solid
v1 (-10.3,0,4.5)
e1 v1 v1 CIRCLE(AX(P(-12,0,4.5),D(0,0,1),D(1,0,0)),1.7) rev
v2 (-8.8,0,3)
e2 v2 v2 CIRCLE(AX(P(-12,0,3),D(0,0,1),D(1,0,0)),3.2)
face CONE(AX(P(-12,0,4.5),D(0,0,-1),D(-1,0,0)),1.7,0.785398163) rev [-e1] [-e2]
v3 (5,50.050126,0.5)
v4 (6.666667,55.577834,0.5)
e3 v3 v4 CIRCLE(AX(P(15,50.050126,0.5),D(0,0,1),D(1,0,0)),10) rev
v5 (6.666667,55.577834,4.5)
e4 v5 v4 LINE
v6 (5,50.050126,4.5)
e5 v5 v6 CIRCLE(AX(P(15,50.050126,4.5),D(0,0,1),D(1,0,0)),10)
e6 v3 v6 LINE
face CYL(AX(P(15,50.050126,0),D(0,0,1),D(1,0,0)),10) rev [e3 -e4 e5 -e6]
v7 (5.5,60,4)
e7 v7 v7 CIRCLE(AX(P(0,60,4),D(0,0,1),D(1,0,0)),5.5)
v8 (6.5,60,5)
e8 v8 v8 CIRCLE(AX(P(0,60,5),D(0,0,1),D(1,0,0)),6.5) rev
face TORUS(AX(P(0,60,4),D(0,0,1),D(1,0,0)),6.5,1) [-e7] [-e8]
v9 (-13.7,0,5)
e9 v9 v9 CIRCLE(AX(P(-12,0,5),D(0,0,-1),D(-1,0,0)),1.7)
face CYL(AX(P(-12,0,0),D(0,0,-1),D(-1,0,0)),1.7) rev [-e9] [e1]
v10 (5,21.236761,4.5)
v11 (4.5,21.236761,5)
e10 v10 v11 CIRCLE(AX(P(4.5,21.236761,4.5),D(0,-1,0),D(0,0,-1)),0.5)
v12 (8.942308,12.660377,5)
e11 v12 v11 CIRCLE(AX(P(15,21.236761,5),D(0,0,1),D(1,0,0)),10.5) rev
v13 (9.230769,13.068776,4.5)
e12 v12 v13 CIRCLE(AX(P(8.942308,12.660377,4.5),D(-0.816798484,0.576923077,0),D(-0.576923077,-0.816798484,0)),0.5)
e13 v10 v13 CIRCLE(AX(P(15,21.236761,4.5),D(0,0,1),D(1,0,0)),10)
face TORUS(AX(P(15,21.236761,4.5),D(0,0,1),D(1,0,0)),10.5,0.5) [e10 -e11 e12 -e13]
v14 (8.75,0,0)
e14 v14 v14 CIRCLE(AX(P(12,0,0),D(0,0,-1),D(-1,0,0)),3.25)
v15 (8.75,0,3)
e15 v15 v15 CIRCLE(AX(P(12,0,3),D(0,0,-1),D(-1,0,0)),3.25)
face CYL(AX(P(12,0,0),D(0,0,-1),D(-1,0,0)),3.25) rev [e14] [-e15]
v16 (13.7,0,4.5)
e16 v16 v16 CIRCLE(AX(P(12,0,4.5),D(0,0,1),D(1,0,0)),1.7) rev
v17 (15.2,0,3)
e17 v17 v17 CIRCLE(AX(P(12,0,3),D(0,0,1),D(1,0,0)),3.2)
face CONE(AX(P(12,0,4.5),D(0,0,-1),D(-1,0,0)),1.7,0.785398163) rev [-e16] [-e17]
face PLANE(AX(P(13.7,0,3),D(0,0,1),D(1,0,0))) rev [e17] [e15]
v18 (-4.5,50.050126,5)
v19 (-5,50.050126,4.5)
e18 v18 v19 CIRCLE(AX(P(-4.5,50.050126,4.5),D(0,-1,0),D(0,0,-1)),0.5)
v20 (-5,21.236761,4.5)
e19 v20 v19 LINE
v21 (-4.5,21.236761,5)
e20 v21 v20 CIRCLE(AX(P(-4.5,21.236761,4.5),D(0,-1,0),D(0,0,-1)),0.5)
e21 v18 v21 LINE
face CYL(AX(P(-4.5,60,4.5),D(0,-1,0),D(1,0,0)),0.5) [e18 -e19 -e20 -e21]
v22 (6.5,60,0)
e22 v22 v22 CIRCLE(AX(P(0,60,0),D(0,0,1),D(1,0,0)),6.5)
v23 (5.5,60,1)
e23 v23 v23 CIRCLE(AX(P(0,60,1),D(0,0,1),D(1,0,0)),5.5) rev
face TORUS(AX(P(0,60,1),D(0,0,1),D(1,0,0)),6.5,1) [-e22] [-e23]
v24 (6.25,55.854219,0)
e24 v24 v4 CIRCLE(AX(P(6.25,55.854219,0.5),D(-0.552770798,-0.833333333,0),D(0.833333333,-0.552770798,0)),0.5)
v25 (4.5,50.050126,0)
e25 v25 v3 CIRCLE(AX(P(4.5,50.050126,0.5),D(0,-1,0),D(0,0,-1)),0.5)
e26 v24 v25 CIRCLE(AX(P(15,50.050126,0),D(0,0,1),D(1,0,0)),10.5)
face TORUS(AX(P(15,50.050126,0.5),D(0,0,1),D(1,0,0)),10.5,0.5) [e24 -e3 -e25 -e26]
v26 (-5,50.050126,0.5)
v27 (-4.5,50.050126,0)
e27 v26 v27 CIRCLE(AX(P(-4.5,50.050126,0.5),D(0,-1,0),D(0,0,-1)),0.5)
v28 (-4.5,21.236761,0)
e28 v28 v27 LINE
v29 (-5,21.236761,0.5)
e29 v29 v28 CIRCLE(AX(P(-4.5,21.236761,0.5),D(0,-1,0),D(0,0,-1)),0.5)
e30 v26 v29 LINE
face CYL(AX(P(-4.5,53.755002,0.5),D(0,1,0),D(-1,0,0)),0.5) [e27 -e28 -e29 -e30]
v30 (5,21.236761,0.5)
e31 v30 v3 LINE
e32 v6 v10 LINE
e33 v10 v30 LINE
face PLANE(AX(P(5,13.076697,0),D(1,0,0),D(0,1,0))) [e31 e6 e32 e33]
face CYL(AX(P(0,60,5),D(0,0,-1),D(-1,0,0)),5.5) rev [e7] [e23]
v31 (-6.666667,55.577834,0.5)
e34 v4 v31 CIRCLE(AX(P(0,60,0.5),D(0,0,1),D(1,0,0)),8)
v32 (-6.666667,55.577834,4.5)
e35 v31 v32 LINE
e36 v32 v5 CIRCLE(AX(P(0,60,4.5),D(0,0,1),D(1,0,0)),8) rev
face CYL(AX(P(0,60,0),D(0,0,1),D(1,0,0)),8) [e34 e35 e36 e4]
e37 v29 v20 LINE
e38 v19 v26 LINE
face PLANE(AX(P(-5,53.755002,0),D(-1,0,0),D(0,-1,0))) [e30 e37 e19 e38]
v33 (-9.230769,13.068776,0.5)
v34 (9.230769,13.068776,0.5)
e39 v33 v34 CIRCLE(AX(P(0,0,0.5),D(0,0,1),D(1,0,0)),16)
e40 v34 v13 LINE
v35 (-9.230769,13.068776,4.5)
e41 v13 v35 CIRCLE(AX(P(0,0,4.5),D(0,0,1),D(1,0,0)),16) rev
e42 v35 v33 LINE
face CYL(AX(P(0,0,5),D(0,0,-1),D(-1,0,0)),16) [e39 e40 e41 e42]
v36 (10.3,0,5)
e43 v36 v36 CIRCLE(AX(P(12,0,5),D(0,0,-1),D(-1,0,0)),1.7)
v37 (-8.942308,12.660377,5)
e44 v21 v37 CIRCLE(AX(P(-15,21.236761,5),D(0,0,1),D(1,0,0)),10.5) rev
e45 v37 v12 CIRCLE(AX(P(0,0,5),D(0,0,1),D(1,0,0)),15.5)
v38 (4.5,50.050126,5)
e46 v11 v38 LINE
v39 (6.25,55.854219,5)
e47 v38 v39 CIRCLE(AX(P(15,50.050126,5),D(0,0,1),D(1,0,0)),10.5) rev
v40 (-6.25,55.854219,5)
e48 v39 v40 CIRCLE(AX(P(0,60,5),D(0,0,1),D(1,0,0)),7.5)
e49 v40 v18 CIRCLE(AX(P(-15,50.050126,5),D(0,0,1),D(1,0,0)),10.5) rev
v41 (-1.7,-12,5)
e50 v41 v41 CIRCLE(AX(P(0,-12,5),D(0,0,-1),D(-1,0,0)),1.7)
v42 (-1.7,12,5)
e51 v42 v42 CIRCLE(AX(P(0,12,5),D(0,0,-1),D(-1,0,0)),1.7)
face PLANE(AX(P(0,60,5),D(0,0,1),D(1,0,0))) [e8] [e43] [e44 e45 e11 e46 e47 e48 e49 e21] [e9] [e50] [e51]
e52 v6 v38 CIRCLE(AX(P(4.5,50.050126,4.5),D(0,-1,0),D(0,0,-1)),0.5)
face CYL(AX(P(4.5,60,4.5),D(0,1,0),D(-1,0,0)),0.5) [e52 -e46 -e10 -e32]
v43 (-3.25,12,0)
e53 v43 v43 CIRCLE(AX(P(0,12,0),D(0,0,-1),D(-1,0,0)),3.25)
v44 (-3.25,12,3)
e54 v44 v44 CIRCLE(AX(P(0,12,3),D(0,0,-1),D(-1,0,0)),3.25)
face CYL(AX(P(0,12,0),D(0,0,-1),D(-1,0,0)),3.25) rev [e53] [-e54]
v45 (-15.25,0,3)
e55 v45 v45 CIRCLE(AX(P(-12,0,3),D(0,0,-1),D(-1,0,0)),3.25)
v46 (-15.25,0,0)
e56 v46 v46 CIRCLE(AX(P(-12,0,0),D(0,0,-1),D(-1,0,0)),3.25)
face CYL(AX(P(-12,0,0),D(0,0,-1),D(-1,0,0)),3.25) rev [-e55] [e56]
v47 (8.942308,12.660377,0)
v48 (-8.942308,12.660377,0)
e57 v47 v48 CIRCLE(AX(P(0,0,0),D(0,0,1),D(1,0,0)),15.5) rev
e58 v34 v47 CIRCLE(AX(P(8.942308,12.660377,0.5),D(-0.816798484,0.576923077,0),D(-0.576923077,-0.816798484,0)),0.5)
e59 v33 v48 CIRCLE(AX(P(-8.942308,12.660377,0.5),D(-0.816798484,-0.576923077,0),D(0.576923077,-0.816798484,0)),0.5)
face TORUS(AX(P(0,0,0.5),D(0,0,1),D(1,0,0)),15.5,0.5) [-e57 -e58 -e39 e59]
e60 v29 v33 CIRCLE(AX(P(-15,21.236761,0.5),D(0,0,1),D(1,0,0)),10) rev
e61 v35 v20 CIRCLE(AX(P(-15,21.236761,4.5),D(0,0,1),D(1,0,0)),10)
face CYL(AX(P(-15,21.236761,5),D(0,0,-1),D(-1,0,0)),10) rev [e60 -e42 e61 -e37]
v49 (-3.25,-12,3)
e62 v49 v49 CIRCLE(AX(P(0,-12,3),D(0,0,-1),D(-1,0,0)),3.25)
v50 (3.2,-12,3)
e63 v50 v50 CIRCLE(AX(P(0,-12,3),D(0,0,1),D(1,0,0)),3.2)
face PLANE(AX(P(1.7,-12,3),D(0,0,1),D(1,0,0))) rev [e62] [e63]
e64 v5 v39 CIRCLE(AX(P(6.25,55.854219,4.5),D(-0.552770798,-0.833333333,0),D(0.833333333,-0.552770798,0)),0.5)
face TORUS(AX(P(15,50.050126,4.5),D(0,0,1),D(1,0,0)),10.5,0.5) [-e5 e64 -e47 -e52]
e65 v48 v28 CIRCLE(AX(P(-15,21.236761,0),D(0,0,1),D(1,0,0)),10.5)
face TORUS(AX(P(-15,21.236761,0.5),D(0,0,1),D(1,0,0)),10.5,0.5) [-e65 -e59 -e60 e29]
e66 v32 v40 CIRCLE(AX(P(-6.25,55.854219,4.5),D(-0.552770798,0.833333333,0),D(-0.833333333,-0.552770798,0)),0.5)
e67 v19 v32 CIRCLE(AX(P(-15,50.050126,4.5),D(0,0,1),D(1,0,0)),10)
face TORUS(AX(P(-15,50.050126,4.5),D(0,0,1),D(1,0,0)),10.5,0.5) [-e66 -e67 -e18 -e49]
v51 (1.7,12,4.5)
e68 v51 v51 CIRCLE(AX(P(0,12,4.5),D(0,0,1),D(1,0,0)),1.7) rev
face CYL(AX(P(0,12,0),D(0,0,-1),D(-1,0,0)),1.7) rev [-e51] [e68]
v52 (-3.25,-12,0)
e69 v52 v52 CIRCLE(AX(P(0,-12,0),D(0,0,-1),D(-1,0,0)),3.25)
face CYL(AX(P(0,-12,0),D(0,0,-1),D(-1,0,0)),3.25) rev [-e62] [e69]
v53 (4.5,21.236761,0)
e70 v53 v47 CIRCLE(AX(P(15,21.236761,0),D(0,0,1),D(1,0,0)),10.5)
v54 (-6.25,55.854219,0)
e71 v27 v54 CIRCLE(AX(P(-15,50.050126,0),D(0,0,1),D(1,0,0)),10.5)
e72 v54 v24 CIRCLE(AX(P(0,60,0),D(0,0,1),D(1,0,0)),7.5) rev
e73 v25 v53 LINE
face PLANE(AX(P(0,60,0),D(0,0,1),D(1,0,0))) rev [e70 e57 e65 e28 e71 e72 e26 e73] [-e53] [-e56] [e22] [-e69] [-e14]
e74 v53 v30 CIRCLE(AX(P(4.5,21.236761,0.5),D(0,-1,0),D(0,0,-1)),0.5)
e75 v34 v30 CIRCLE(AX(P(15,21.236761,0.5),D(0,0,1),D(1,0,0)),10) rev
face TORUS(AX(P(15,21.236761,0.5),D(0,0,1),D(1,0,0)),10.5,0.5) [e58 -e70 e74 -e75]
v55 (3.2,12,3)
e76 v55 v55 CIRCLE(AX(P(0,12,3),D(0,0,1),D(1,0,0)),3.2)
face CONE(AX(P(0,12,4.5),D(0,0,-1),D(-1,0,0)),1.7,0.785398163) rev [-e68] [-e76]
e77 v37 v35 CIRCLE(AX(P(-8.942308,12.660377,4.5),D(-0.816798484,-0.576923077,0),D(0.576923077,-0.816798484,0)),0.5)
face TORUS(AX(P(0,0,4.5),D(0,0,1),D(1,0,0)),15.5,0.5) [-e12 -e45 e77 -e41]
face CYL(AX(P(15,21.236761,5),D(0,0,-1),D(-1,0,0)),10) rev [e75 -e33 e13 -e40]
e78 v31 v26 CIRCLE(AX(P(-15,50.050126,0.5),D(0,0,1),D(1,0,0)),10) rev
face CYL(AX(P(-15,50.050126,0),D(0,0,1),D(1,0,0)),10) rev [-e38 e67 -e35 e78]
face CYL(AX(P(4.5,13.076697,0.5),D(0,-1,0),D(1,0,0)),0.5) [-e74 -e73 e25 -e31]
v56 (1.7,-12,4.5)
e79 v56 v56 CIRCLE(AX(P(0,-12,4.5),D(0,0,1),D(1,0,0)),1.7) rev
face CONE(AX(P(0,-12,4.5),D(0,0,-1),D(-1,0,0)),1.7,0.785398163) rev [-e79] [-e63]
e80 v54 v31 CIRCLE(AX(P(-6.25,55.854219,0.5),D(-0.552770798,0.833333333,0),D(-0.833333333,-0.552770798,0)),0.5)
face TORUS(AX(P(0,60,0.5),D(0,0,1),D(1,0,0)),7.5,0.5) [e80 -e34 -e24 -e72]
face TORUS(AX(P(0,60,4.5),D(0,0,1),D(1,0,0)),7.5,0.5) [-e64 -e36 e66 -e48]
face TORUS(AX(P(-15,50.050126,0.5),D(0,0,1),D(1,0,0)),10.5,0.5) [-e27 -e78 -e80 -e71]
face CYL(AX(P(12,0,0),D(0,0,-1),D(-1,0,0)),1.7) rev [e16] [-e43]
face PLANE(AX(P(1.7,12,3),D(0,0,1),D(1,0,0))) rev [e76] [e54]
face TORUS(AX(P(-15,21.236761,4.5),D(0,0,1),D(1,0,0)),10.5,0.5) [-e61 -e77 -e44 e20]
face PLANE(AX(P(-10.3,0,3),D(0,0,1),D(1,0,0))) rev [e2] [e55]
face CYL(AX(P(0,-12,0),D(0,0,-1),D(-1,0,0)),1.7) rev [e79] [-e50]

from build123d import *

# Parameters (mm, degrees)
BOSS_EXTRUDE1_DEPTH                              = 5
SKETCH8_R                                        = 16
BOSS_EXTRUDE2_DEPTH                              = 5
CBORE_FOR_M3_HEX_HEAD_MACHINE_SCREW0_D           = 3.4
CBORE_FOR_M3_HEX_HEAD_MACHINE_SCREW0_CBORE_D     = 6.5
CBORE_FOR_M3_HEX_HEAD_MACHINE_SCREW0_CBORE_DEPTH = 3
FILLET1_R                                        = 10
SKETCH7_R                                        = 5.5
CUT_EXTRUDE1_DEPTH                               = 71.03570518
FILLET2_R                                        = 1
FILLET3_R                                        = 0.5
CHAMFER1_SIZE                                    = 1.5


with BuildPart() as part:
    # Sketch1 → Boss-Extrude1 (new body)
    with BuildSketch(Plane.XY.offset(5)):
        with BuildLine():
            Line((-5, 53.755002002), (-5, 13.076696831))
            ThreePointArc((-5, 13.076696831), (0, -14), (5, 13.076696831))
            Line((5, 13.076696831), (5, 53.755002002))
            ThreePointArc((5, 53.755002002), (0, 68), (-5, 53.755002002))
        make_face()
    extrude(amount=-BOSS_EXTRUDE1_DEPTH)

    # Sketch2 → Cut-Revolve1 (revolve, cut)
    with BuildSketch(Plane.XZ.offset(-60), mode=Mode.PRIVATE) as cut_revolve1_sk:
        Polygon((3.5, 5), (0, 5), (0, 0), (4.3, 0), (2.5, 1.8), (2.5, 2), (3.5, 2), align=None)
    revolve(cut_revolve1_sk.sketch.rotate(Axis((0, 60, 5), (0, 0, -1)), 180), axis=Axis((0, 60, 5), (0, 0, -1)), mode=Mode.SUBTRACT)

    # Sketch8 → Boss-Extrude2 (add)
    with BuildSketch(Plane(origin=(0, 0, 0), x_dir=(-1, 0, 0), z_dir=(0, 0, -1))):
        Circle(SKETCH8_R)
    extrude(amount=-BOSS_EXTRUDE2_DEPTH)

    # CBORE for M3 Hex Head Machine Screw0 (through all)
    with Locations(Plane(origin=(0, 0, 0), x_dir=(-1, 0, 0), z_dir=(0, 0, -1))):
        with Locations((0, 12), (12, 0), (-12, 0), (0, -12)):
            CounterBoreHole(CBORE_FOR_M3_HEX_HEAD_MACHINE_SCREW0_D / 2, CBORE_FOR_M3_HEX_HEAD_MACHINE_SCREW0_CBORE_D / 2, CBORE_FOR_M3_HEX_HEAD_MACHINE_SCREW0_CBORE_DEPTH)

    # Fillet1
    fillet1_edges = [part.edges().sort_by_distance(p)[0] for p in [
        (5, 15.198684154, 2.5),
        (-5, 15.198684154, 2.5),
        (5, 53.755002002, 2.5),
        (-5, 53.755002002, 2.5),
    ]]
    fillet(fillet1_edges, radius=FILLET1_R)

    # Sketch7 → Cut-Extrude1 (cut, through all)
    with BuildSketch(Plane(origin=(0, 0, 0), x_dir=(-1, 0, 0), z_dir=(0, 0, -1))):
        with Locations((0, 60)):
            Circle(SKETCH7_R)
    extrude(amount=-CUT_EXTRUDE1_DEPTH, mode=Mode.SUBTRACT)

    # Fillet2
    fillet2_edges = [part.edges().sort_by_distance(p)[0] for p in [
        (5.5, 60, 0),
        (5.5, 60, 5),
    ]]
    fillet(fillet2_edges, radius=FILLET2_R)

    # Fillet3
    fillet3_edges = [part.edges().sort_by_distance(p)[0] for p in [
        (0, -16, 0),
        (0, -16, 5),
        (5, 35.643443105, 0),
        (5, 35.643443105, 5),
        (-5, 35.643443105, 5),
        (-5, 35.643443105, 0),
        (0, 68, 5),
        (0, 68, 0),
        (6.120464323, 16.637429527, 5),
        (6.120464323, 16.637429527, 0),
        (-6.120464323, 16.637429527, 0),
        (-6.120464323, 16.637429527, 5),
        (-5.425728922, 52.936876975, 5),
        (-5.425728922, 52.936876975, 0),
        (5.425728922, 52.936876975, 5),
        (5.425728922, 52.936876975, 0),
    ]]
    fillet(fillet3_edges, radius=FILLET3_R)

    # Chamfer1
    chamfer1_edges = [part.edges().sort_by_distance(p)[0] for p in [
        (-1.7, -12, 3),
        (10.3, 0, 3),
        (-13.7, 0, 3),
        (-1.7, 12, 3),
    ]]
    chamfer(chamfer1_edges, length=CHAMFER1_SIZE)


solid = part.part
